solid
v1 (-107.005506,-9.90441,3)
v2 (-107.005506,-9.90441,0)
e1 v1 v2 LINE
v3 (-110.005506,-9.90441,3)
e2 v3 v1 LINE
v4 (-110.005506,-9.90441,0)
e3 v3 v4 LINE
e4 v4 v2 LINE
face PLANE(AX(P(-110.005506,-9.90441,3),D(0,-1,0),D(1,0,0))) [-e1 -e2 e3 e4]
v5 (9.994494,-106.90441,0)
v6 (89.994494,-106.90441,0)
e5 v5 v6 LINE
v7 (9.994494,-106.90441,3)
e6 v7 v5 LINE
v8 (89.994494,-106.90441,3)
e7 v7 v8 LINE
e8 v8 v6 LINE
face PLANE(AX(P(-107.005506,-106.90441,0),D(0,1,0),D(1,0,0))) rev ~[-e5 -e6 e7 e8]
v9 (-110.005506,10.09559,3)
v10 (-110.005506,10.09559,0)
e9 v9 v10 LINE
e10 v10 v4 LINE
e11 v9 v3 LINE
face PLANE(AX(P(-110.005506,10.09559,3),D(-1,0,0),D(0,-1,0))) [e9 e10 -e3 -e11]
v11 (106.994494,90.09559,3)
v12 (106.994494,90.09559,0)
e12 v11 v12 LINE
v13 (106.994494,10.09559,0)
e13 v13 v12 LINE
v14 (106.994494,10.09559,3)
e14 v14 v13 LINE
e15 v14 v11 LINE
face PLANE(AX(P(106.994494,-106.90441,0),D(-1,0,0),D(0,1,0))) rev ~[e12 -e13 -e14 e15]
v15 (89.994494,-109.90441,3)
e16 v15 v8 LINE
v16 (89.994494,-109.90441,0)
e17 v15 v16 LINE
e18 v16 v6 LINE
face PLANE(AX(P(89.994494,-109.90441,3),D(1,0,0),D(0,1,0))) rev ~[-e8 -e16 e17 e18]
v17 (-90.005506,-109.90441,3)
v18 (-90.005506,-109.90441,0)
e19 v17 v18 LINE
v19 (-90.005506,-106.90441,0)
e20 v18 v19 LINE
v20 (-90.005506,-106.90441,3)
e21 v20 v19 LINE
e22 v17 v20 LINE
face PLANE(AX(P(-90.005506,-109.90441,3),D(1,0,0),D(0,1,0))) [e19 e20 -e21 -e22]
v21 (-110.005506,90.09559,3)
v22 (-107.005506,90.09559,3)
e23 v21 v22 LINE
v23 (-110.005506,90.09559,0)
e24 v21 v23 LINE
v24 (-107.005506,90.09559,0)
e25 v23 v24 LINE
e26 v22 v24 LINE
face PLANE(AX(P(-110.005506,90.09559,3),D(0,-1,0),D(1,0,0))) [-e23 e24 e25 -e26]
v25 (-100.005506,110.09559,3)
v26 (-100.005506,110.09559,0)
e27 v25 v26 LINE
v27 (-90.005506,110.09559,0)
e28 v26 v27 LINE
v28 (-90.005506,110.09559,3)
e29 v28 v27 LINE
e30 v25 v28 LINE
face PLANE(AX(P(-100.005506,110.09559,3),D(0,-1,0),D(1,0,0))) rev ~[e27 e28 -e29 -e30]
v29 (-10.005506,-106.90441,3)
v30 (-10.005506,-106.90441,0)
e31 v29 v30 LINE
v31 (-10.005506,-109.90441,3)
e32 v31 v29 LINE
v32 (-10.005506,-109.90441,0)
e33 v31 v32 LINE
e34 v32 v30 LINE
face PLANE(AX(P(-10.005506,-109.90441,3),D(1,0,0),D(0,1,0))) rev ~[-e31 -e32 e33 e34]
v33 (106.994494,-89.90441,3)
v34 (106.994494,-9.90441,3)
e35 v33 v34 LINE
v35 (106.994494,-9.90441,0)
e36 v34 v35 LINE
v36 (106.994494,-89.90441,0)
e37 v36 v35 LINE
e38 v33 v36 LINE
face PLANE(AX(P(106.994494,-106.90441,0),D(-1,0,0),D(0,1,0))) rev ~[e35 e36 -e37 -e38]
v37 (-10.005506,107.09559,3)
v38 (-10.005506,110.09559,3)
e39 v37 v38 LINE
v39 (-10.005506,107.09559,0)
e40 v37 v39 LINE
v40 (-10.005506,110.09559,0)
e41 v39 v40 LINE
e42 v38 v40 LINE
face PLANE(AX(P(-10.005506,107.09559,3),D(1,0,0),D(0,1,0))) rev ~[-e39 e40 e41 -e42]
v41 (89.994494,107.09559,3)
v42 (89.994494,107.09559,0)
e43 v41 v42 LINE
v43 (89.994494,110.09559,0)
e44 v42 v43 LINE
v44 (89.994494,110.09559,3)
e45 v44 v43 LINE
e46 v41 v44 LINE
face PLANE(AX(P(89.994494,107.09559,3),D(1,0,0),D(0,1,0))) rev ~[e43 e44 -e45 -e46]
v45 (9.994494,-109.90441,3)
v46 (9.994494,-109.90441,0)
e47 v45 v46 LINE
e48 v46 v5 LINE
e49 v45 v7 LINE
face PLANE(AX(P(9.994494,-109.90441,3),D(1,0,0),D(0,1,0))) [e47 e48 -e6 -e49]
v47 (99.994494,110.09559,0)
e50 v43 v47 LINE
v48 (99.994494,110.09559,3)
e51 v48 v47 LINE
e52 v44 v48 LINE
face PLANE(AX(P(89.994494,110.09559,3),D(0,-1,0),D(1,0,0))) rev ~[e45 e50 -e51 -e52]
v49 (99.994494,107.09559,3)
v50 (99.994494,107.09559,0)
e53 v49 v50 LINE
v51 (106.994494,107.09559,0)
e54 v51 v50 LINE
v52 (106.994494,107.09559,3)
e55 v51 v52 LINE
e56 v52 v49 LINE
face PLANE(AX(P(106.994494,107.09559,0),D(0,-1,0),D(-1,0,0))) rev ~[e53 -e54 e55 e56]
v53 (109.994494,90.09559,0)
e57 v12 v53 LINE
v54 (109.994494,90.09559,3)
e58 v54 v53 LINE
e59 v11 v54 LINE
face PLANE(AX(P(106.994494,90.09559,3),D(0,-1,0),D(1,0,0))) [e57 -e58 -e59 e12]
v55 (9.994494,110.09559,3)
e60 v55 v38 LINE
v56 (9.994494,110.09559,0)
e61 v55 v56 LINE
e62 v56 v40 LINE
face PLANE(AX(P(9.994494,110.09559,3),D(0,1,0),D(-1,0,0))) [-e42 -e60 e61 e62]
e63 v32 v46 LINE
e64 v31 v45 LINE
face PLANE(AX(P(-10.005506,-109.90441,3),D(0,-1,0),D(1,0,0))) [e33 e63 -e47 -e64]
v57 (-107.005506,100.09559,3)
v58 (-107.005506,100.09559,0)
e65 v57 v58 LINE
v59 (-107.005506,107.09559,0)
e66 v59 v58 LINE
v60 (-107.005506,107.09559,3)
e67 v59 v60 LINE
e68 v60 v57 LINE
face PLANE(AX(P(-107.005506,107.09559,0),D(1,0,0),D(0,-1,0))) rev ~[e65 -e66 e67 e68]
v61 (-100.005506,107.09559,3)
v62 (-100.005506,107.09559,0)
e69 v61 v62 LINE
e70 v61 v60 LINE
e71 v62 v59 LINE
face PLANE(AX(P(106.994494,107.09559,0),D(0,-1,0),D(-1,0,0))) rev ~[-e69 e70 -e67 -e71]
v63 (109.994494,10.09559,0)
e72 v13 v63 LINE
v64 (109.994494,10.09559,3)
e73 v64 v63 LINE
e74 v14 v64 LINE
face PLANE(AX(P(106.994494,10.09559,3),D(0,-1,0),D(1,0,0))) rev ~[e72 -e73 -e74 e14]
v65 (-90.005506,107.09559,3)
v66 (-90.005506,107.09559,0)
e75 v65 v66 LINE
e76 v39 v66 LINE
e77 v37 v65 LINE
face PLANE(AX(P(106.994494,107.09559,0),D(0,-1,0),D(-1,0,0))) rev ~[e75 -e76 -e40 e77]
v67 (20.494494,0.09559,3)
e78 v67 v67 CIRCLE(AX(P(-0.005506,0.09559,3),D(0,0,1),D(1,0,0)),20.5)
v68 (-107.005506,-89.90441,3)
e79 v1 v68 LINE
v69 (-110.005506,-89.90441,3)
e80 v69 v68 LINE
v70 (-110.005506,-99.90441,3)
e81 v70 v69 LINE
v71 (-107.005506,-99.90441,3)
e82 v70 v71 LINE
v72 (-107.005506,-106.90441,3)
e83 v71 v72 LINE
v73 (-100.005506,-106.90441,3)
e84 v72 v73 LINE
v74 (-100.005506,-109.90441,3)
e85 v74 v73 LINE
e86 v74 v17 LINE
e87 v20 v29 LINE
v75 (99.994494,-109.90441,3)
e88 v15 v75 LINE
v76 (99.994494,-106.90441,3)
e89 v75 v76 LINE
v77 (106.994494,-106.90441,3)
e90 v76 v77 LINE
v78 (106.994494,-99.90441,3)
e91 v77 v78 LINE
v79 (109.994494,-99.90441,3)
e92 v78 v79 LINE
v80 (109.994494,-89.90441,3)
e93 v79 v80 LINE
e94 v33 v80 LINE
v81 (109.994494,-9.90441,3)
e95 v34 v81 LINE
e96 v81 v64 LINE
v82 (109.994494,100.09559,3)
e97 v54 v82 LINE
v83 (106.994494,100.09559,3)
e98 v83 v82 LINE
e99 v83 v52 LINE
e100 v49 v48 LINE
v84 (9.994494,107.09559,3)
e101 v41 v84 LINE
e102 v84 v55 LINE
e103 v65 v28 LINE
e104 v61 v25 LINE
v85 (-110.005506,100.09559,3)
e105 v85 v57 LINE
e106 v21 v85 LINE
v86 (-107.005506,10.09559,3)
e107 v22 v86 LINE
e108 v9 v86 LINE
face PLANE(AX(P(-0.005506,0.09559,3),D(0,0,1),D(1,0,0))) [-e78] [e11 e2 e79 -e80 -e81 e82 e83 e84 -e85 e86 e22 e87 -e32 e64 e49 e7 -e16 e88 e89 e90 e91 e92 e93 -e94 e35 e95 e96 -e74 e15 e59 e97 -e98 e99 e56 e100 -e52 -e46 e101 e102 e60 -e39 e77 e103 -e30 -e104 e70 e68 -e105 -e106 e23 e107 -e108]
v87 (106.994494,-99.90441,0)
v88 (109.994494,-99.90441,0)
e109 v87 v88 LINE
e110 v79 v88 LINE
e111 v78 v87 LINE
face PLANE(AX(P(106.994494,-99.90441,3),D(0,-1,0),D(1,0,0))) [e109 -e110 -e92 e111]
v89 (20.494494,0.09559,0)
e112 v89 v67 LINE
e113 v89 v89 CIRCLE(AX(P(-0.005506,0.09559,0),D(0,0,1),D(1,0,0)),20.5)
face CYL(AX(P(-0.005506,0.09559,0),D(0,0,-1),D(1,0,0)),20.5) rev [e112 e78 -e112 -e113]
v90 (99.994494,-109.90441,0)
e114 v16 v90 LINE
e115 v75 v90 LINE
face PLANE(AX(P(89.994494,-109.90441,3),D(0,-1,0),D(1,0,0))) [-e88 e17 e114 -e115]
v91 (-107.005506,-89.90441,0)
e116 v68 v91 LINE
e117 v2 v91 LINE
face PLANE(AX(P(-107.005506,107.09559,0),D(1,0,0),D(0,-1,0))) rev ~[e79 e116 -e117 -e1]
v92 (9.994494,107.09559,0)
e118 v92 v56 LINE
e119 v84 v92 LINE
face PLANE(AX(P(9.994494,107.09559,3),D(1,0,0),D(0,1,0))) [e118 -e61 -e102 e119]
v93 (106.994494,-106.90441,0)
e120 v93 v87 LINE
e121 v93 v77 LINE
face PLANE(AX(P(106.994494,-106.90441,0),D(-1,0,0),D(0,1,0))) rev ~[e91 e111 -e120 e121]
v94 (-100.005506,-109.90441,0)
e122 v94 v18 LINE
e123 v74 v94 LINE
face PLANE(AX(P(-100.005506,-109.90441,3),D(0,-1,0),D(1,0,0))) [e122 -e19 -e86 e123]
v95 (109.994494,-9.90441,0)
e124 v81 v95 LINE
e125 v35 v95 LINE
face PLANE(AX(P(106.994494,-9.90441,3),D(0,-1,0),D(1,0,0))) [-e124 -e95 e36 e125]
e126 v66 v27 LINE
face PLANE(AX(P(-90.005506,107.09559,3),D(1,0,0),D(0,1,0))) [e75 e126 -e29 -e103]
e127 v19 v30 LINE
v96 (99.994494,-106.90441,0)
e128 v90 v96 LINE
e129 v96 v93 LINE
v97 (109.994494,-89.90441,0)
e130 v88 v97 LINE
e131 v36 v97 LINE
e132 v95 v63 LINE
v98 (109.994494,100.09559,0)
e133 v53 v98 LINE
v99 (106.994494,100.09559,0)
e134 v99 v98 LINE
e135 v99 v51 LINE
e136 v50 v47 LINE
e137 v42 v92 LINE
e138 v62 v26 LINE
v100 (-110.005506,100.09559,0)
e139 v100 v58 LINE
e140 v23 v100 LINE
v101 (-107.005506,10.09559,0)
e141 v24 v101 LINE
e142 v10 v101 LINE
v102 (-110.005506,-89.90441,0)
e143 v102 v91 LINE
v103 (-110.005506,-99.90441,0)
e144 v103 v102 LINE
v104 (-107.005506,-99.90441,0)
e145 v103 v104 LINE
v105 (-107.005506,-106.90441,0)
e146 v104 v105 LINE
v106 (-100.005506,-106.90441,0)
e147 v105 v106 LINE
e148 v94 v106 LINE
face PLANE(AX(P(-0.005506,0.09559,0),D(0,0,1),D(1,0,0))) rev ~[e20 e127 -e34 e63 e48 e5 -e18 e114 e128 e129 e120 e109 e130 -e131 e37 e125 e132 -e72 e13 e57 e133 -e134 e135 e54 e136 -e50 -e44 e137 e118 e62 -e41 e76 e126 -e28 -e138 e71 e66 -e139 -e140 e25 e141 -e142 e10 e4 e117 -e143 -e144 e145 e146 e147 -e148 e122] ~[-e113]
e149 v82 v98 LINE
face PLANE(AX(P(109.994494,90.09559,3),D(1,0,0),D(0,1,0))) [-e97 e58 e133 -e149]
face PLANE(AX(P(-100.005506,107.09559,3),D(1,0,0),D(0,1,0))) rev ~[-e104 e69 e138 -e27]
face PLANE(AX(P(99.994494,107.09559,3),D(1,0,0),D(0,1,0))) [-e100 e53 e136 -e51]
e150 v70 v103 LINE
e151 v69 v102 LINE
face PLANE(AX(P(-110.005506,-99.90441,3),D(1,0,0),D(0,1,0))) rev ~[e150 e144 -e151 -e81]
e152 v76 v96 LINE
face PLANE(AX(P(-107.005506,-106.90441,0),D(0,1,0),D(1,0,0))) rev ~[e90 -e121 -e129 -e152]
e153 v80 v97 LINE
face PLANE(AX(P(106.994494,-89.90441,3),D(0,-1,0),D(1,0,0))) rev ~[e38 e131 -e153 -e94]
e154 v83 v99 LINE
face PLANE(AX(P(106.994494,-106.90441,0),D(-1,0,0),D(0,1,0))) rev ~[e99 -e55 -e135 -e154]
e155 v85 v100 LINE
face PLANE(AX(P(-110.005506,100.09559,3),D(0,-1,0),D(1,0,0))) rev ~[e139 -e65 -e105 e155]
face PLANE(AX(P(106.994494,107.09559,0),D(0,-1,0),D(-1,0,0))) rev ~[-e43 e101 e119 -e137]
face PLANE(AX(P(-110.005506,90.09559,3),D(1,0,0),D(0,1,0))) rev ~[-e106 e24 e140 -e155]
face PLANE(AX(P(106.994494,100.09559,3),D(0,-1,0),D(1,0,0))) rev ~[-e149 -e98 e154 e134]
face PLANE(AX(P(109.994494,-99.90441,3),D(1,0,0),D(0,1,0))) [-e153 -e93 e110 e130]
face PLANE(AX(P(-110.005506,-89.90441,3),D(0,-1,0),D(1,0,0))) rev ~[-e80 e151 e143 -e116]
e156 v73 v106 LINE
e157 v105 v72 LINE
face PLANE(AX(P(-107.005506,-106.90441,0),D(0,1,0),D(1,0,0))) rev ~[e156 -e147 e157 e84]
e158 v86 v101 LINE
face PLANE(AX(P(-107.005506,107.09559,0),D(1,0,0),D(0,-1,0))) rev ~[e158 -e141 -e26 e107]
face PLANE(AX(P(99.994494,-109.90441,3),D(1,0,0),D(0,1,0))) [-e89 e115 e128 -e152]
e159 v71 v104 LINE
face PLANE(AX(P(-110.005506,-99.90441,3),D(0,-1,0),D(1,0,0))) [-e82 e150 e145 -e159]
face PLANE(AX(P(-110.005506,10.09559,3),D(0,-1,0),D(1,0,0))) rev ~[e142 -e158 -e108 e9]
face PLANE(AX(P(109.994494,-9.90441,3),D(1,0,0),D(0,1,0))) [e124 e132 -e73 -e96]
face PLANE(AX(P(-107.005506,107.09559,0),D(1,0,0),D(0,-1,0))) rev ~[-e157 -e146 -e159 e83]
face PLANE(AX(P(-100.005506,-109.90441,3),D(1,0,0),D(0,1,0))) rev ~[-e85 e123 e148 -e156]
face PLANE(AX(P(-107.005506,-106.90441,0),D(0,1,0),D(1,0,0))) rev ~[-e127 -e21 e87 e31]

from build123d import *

# Parameters (mm, degrees)
F0_R     = 20.5
F1_DEPTH = 3
F2_W     = 10
F2_H     = 3
F2_W_2   = 3
F2_H_2   = 10
F3_DEPTH = 3


with BuildPart() as f1:
    # F0 (on Top) → F1 (new body)
    with BuildSketch(Plane.XY):
        Polygon((-85.136861, 107.09559), (-107.005506, 107.09559), (-107.005506, -106.90441), (106.994494, -106.90441), (106.994494, 107.09559), align=None)
        with Locations((-0.005506, 0.09559)):
            Circle(F0_R, mode=Mode.SUBTRACT)
    extrude(amount=F1_DEPTH)

    # F2 (on face) → F3 (join)
    with BuildSketch(Plane.XY.offset(3)):
        with Locations((-5.005506, 108.59559)):
            Rectangle(F2_W, F2_H)
        with Locations((4.994494, 108.59559)):
            Rectangle(F2_W, F2_H)
        with Locations((-95.005506, 108.59559)):
            Rectangle(F2_W, F2_H)
        with Locations((94.994494, 108.59559)):
            Rectangle(F2_W, F2_H)
        with Locations((4.994494, -108.40441)):
            Rectangle(F2_W, F2_H)
        with Locations((-5.005506, -108.40441)):
            Rectangle(F2_W, F2_H)
        with Locations((-95.005506, -108.40441)):
            Rectangle(F2_W, F2_H)
        with Locations((94.994494, -108.40441)):
            Rectangle(F2_W, F2_H)
        with Locations((-108.505506, -4.90441)):
            Rectangle(F2_W_2, F2_H_2)
        with Locations((-108.505506, 5.09559)):
            Rectangle(F2_W_2, F2_H_2)
        with Locations((-108.505506, -94.90441)):
            Rectangle(F2_W_2, F2_H_2)
        with Locations((-108.505506, 95.09559)):
            Rectangle(F2_W_2, F2_H_2)
        with Locations((108.494494, 5.09559)):
            Rectangle(F2_W_2, F2_H_2)
        with Locations((108.494494, -4.90441)):
            Rectangle(F2_W_2, F2_H_2)
        with Locations((108.494494, 95.09559)):
            Rectangle(F2_W_2, F2_H_2)
        with Locations((108.494494, -94.90441)):
            Rectangle(F2_W_2, F2_H_2)
    extrude(amount=-F3_DEPTH)


solid = f1.part
